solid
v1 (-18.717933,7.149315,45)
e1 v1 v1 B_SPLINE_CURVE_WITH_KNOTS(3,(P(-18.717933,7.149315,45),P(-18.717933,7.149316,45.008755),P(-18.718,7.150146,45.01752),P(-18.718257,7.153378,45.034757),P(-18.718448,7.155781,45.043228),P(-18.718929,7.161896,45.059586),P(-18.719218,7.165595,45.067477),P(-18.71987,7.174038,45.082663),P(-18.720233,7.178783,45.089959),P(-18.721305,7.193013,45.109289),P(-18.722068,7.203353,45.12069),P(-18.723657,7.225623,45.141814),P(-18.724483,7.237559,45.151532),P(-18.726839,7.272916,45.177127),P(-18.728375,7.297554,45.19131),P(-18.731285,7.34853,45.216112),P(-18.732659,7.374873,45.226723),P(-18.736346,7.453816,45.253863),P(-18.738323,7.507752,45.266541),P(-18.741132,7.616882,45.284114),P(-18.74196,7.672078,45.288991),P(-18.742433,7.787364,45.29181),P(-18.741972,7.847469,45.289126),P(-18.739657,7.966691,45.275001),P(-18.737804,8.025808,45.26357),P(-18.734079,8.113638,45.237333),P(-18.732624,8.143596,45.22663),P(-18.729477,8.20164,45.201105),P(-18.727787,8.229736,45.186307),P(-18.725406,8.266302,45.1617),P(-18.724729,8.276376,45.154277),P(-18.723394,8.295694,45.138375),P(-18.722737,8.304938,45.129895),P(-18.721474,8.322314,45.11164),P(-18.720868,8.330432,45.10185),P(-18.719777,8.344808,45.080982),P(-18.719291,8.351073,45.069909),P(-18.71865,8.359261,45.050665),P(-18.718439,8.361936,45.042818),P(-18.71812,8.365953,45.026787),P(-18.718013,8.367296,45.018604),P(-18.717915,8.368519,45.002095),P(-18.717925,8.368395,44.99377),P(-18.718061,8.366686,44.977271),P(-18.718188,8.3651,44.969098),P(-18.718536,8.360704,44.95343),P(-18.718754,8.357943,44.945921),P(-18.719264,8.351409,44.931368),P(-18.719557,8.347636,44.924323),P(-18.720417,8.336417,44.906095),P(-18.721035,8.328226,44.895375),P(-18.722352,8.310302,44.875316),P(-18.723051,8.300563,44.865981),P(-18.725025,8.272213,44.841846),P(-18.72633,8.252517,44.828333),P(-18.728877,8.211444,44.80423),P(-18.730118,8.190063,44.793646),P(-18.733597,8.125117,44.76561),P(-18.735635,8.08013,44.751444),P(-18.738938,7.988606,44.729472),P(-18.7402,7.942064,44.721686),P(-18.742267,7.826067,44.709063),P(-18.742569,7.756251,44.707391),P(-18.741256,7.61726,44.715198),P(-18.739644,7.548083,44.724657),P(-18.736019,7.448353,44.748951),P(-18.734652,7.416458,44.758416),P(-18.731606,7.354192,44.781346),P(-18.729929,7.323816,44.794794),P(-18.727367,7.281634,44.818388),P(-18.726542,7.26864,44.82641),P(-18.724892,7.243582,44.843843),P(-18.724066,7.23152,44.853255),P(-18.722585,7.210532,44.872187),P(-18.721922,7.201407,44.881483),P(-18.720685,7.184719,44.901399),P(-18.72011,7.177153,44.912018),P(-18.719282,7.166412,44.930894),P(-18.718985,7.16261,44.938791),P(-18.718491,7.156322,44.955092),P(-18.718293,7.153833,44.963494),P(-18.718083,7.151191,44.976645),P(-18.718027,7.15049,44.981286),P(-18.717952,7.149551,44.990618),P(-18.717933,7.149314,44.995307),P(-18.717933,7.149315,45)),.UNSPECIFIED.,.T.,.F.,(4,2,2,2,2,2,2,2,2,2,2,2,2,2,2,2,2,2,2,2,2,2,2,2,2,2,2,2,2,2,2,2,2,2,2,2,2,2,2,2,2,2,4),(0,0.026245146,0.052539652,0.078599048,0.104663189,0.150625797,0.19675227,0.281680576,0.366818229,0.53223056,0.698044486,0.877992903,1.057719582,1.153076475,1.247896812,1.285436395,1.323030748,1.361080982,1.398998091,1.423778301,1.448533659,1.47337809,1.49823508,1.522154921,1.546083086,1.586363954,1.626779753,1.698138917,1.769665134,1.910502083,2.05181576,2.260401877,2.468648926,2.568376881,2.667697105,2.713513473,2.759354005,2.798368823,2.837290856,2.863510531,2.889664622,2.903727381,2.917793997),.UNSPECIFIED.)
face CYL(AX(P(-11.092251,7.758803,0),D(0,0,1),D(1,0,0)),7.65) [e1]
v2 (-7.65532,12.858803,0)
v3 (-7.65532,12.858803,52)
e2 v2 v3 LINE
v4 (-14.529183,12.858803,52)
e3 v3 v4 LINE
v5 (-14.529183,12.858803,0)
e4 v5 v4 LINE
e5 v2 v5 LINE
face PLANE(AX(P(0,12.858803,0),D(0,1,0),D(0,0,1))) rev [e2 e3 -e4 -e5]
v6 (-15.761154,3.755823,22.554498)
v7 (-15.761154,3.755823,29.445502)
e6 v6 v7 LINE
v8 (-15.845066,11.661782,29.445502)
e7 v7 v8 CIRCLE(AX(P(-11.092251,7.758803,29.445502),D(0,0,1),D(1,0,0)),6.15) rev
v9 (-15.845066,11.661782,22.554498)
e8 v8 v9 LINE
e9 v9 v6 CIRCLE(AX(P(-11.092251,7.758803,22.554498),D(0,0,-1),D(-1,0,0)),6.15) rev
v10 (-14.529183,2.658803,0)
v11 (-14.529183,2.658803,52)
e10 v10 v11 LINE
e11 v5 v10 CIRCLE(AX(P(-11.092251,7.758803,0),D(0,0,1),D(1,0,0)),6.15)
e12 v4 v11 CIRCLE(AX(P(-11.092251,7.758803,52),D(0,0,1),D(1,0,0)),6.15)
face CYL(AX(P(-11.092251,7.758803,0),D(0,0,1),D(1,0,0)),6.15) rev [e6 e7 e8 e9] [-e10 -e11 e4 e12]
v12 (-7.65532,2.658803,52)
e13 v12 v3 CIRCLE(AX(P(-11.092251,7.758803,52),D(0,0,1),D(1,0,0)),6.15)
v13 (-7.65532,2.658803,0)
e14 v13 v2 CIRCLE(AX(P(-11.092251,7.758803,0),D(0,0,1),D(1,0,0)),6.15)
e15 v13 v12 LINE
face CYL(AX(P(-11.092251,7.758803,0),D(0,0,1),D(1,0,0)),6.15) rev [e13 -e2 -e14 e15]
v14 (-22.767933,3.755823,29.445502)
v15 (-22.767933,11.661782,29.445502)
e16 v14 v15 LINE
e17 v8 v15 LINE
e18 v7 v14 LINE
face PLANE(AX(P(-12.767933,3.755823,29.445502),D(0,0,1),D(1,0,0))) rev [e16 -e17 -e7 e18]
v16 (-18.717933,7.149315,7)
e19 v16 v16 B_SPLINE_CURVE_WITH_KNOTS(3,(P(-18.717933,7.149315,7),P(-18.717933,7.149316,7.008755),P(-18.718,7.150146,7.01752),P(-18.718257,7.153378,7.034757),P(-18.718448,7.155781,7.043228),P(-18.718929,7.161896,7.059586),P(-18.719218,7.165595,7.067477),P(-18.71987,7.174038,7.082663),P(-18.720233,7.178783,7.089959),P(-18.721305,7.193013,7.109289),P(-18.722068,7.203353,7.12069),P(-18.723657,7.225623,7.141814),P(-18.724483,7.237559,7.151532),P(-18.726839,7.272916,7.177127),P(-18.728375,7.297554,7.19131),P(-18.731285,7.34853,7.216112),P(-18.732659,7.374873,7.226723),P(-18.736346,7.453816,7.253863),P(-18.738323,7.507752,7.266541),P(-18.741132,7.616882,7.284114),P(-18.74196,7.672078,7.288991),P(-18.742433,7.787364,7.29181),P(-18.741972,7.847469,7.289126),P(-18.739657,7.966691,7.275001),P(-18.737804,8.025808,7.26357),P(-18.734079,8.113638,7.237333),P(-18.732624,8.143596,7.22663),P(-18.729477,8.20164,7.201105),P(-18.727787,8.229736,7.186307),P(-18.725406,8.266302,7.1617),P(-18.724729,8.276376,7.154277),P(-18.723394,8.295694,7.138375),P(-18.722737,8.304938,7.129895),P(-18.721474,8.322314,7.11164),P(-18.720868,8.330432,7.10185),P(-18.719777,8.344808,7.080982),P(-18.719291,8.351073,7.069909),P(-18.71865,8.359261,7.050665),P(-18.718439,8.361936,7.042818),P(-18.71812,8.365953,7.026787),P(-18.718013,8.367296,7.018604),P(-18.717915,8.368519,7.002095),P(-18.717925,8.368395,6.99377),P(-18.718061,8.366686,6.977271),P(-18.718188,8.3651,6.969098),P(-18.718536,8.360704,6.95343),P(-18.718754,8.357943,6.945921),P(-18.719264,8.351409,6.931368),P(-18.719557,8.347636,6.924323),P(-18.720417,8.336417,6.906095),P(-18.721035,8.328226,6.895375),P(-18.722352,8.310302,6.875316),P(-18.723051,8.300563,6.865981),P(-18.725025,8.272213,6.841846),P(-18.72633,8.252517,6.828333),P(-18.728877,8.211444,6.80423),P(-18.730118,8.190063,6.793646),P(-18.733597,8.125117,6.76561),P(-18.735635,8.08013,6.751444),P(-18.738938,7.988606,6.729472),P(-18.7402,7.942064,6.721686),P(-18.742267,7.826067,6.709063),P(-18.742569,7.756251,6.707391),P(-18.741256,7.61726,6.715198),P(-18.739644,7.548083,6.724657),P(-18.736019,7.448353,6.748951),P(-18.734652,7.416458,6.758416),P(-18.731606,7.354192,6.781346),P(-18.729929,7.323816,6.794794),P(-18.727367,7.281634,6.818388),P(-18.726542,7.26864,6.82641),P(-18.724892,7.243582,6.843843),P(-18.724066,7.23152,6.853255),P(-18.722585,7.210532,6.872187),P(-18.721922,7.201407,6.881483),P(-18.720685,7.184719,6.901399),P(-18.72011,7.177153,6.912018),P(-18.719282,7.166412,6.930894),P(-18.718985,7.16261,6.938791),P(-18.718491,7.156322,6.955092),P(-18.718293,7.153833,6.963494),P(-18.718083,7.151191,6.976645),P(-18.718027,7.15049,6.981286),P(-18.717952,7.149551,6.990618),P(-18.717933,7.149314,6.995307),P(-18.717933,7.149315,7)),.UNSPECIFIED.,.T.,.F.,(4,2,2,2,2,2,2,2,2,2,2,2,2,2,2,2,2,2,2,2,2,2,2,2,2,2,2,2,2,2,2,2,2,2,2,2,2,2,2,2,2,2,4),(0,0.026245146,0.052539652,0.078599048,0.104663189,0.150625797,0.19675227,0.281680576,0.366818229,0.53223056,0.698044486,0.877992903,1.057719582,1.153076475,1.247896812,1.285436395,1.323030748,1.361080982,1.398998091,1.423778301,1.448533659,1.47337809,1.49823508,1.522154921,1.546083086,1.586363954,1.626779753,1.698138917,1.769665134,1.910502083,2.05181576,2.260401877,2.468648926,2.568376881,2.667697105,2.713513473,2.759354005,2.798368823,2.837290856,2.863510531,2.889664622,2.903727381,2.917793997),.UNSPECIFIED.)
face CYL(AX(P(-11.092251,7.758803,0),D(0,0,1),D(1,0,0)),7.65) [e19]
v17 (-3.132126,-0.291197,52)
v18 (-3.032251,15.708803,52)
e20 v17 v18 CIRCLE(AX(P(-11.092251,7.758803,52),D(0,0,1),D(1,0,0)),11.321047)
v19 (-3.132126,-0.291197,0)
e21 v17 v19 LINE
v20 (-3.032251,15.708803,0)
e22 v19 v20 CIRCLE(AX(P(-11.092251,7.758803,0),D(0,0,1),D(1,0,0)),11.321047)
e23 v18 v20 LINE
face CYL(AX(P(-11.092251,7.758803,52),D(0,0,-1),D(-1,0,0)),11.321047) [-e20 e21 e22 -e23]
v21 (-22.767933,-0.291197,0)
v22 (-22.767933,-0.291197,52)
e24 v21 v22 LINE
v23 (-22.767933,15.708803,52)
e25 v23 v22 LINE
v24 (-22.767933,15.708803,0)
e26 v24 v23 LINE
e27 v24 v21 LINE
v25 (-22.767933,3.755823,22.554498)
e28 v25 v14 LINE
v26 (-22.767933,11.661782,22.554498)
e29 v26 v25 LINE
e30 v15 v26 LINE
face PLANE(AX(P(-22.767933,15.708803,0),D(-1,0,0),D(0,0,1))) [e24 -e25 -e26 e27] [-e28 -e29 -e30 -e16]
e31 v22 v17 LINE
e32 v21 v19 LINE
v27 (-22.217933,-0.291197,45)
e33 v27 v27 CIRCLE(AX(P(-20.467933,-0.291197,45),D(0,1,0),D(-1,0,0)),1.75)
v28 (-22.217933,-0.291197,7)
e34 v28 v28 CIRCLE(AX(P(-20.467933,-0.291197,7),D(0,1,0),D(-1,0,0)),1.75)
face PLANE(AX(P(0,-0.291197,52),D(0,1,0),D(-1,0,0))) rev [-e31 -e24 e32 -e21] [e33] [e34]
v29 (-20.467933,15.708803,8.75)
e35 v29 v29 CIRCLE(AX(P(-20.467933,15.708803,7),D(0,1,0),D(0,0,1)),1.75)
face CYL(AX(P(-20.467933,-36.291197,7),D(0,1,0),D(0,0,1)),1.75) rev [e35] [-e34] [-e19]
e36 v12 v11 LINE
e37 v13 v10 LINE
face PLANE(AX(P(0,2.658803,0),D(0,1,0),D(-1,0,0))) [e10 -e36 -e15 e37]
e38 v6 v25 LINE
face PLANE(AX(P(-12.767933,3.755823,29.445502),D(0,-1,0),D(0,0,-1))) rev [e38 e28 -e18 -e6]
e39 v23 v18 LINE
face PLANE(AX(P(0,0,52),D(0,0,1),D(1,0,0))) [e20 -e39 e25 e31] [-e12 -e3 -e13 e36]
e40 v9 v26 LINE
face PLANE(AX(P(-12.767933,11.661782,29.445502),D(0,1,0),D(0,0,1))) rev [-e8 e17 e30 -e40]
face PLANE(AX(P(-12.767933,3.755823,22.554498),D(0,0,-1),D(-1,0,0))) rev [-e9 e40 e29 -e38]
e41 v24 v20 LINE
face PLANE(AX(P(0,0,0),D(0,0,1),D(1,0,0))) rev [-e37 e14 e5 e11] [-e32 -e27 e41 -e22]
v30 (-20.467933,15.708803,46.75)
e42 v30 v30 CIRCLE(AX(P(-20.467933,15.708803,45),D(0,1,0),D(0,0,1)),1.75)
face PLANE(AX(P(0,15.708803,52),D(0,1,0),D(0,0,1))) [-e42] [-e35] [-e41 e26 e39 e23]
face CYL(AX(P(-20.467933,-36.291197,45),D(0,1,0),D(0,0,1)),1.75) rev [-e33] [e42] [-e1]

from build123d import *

# Parameters (mm, degrees)
SALIENTE_EXTRUIR1_DEPTH = 52
CROQUIS3_W              = 0.615681901
CROQUIS3_H              = 16
SALIENTE_EXTRUIR2_DEPTH = 52
CROQUIS2_R              = 1.75
CORTAR_EXTRUIR1_DEPTH   = 52
SALIENTE_EXTRUIR3_START = -52
SALIENTE_EXTRUIR3_DEPTH = 52
CROQUIS4_W              = 6.89100463
CROQUIS4_H              = 7.9059588
CORTAR_EXTRUIR2_DEPTH   = 10


with BuildPart() as part:
    # Croquis1 → Saliente-Extruir1 (new body)
    with BuildSketch(Plane.XY):
        with BuildLine():
            Line((-3.032251305, 15.708802589), (-22.152251305, 15.708802589))
            Line((-22.152251305, 15.708802589), (-22.152251305, -0.291197411))
            Line((-22.152251305, -0.291197411), (-3.132125677, -0.291197411))
            ThreePointArc((-3.132125677, -0.291197411), (-3.082032439, -0.241353267), (-3.032251305, -0.191197411))
            ThreePointArc((-3.032251305, -0.191197411), (0.228795467, 7.758802589), (-3.032251305, 15.708802589))
        make_face()
        with BuildLine():
            Line((-15.641976571, 13.908802589), (-6.542526038, 13.908802589))
            ThreePointArc((-6.542526038, 13.908802589), (-3.442251305, 7.758802589), (-6.542526038, 1.608802589))
            Line((-6.542526038, 1.608802589), (-15.641976571, 1.608802589))
            ThreePointArc((-15.641976571, 1.608802589), (-18.742251305, 7.758802589), (-15.641976571, 13.908802589))
        make_face(mode=Mode.SUBTRACT)
    extrude(amount=SALIENTE_EXTRUIR1_DEPTH)

    # Croquis3 → Saliente-Extruir2 (add)
    with BuildSketch(Plane.XY.offset(52)):
        with Locations((-22.460092256, 7.708802589)):
            Rectangle(CROQUIS3_W, CROQUIS3_H)
    extrude(amount=-SALIENTE_EXTRUIR2_DEPTH)

    # Croquis2 → Cortar-Extruir1 (cut)
    with BuildSketch(Plane(origin=(0, 15.708802589, 0), x_dir=(1, 0, 0), z_dir=(0, 1, 0))):
        with Locations(Location((-20.467933206, -7, 0), (0, 0, 270))):
            Circle(CROQUIS2_R)
        with Locations(Location((-20.467933206, -45, 0), (0, 0, 270))):
            Circle(CROQUIS2_R)
    extrude(amount=-CORTAR_EXTRUIR1_DEPTH, mode=Mode.SUBTRACT)

    # Croquis5 → Saliente-Extruir3 (add)
    with BuildSketch(Plane.XY.offset(52).offset(SALIENTE_EXTRUIR3_START)):
        with BuildLine():
            ThreePointArc((-17.242251305, 7.758802589), (-16.52178307, 10.647173203), (-14.529183076, 12.858802589))
            Line((-14.529183076, 12.858802589), (-16.794224647, 12.858802589))
            ThreePointArc((-16.794224647, 12.858802589), (-17.024621708, 12.588862775), (-17.242251305, 12.308527855))
            Line((-17.242251305, 12.308527855), (-17.242251305, 7.758802589))
        make_face()
        with BuildLine():
            Line((-17.242251305, 3.209077323), (-17.242251305, 7.758802589))
            Line((-17.242251305, 7.758802589), (-17.242251305, 12.308527855))
            ThreePointArc((-17.242251305, 12.308527855), (-18.742251305, 7.758802589), (-17.242251305, 3.209077323))
        make_face()
        with BuildLine():
            Line((-16.794224647, 12.858802589), (-14.529183076, 12.858802589))
            ThreePointArc((-14.529183076, 12.858802589), (-12.889123587, 13.640447767), (-11.092251305, 13.908802589))
            Line((-11.092251305, 13.908802589), (-15.641976571, 13.908802589))
            ThreePointArc((-15.641976571, 13.908802589), (-16.244916255, 13.413229519), (-16.794224647, 12.858802589))
        make_face()
        with BuildLine():
            Line((-7.655319533, 12.858802589), (-5.390277962, 12.858802589))
            ThreePointArc((-5.390277962, 12.858802589), (-5.939586354, 13.413229519), (-6.542526038, 13.908802589))
            Line((-6.542526038, 13.908802589), (-11.092251305, 13.908802589))
            ThreePointArc((-11.092251305, 13.908802589), (-9.295379022, 13.640447767), (-7.655319533, 12.858802589))
        make_face()
        with BuildLine():
            ThreePointArc((-4.942251305, 12.308527855), (-5.159880902, 12.588862775), (-5.390277962, 12.858802589))
            Line((-5.390277962, 12.858802589), (-7.655319533, 12.858802589))
            ThreePointArc((-7.655319533, 12.858802589), (-5.662719539, 10.647173203), (-4.942251305, 7.758802589))
            Line((-4.942251305, 7.758802589), (-4.942251305, 12.308527855))
        make_face()
        with BuildLine():
            ThreePointArc((-3.442251305, 7.758802589), (-3.826922682, 10.154110502), (-4.942251305, 12.308527855))
            Line((-4.942251305, 12.308527855), (-4.942251305, 7.758802589))
            Line((-4.942251305, 7.758802589), (-4.942251305, 3.209077323))
            ThreePointArc((-4.942251305, 3.209077323), (-3.826922682, 5.363494676), (-3.442251305, 7.758802589))
        make_face()
        with BuildLine():
            Line((-4.942251305, 3.209077323), (-4.942251305, 7.758802589))
            ThreePointArc((-4.942251305, 7.758802589), (-5.662719539, 4.870431975), (-7.655319533, 2.658802589))
            Line((-7.655319533, 2.658802589), (-5.390277962, 2.658802589))
            ThreePointArc((-5.390277962, 2.658802589), (-5.159880902, 2.928742403), (-4.942251305, 3.209077323))
        make_face()
        with BuildLine():
            Line((-5.390277962, 2.658802589), (-7.655319533, 2.658802589))
            ThreePointArc((-7.655319533, 2.658802589), (-9.295379026, 1.87715741), (-11.092251313, 1.608802589))
            Line((-11.092251313, 1.608802589), (-6.542526038, 1.608802589))
            ThreePointArc((-6.542526038, 1.608802589), (-5.939586354, 2.104375659), (-5.390277962, 2.658802589))
        make_face()
        with BuildLine():
            ThreePointArc((-11.092251313, 1.608802589), (-9.295379026, 1.87715741), (-7.655319533, 2.658802589))
            Line((-7.655319533, 2.658802589), (-14.529183076, 2.658802589))
            ThreePointArc((-14.529183076, 2.658802589), (-12.889123591, 1.877157412), (-11.092251313, 1.608802589))
        make_face()
        with BuildLine():
            ThreePointArc((-11.092251313, 1.608802589), (-12.889123591, 1.877157412), (-14.529183076, 2.658802589))
            Line((-14.529183076, 2.658802589), (-16.794224647, 2.658802589))
            ThreePointArc((-16.794224647, 2.658802589), (-16.244916255, 2.104375659), (-15.641976571, 1.608802589))
            Line((-15.641976571, 1.608802589), (-11.092251313, 1.608802589))
        make_face()
        with BuildLine():
            ThreePointArc((-14.529183076, 2.658802589), (-16.52178307, 4.870431975), (-17.242251305, 7.758802589))
            Line((-17.242251305, 7.758802589), (-17.242251305, 3.209077323))
            ThreePointArc((-17.242251305, 3.209077323), (-17.024621708, 2.928742403), (-16.794224647, 2.658802589))
            Line((-16.794224647, 2.658802589), (-14.529183076, 2.658802589))
        make_face()
        with BuildLine():
            Line((-6.542526038, 1.608802589), (-11.092251313, 1.608802589))
            Line((-11.092251313, 1.608802589), (-15.641976571, 1.608802589))
            ThreePointArc((-15.641976571, 1.608802589), (-11.092251305, 0.108802589), (-6.542526038, 1.608802589))
        make_face()
        with BuildLine():
            Line((-11.092251305, 13.908802589), (-6.542526038, 13.908802589))
            ThreePointArc((-6.542526038, 13.908802589), (-11.092251305, 15.408802589), (-15.641976571, 13.908802589))
            Line((-15.641976571, 13.908802589), (-11.092251305, 13.908802589))
        make_face()
        with BuildLine():
            Line((-14.529183076, 12.858802589), (-7.655319533, 12.858802589))
            ThreePointArc((-7.655319533, 12.858802589), (-9.295379022, 13.640447767), (-11.092251305, 13.908802589))
            ThreePointArc((-11.092251305, 13.908802589), (-12.889123587, 13.640447767), (-14.529183076, 12.858802589))
        make_face()
    extrude(amount=SALIENTE_EXTRUIR3_DEPTH)

    # Croquis4 → Cortar-Extruir2 (cut)
    with BuildSketch(Plane.ZY.offset(22.767933206)):
        with Locations((26, 7.708802589)):
            Rectangle(CROQUIS4_W, CROQUIS4_H)
    extrude(amount=-CORTAR_EXTRUIR2_DEPTH, mode=Mode.SUBTRACT)


solid = part.part
